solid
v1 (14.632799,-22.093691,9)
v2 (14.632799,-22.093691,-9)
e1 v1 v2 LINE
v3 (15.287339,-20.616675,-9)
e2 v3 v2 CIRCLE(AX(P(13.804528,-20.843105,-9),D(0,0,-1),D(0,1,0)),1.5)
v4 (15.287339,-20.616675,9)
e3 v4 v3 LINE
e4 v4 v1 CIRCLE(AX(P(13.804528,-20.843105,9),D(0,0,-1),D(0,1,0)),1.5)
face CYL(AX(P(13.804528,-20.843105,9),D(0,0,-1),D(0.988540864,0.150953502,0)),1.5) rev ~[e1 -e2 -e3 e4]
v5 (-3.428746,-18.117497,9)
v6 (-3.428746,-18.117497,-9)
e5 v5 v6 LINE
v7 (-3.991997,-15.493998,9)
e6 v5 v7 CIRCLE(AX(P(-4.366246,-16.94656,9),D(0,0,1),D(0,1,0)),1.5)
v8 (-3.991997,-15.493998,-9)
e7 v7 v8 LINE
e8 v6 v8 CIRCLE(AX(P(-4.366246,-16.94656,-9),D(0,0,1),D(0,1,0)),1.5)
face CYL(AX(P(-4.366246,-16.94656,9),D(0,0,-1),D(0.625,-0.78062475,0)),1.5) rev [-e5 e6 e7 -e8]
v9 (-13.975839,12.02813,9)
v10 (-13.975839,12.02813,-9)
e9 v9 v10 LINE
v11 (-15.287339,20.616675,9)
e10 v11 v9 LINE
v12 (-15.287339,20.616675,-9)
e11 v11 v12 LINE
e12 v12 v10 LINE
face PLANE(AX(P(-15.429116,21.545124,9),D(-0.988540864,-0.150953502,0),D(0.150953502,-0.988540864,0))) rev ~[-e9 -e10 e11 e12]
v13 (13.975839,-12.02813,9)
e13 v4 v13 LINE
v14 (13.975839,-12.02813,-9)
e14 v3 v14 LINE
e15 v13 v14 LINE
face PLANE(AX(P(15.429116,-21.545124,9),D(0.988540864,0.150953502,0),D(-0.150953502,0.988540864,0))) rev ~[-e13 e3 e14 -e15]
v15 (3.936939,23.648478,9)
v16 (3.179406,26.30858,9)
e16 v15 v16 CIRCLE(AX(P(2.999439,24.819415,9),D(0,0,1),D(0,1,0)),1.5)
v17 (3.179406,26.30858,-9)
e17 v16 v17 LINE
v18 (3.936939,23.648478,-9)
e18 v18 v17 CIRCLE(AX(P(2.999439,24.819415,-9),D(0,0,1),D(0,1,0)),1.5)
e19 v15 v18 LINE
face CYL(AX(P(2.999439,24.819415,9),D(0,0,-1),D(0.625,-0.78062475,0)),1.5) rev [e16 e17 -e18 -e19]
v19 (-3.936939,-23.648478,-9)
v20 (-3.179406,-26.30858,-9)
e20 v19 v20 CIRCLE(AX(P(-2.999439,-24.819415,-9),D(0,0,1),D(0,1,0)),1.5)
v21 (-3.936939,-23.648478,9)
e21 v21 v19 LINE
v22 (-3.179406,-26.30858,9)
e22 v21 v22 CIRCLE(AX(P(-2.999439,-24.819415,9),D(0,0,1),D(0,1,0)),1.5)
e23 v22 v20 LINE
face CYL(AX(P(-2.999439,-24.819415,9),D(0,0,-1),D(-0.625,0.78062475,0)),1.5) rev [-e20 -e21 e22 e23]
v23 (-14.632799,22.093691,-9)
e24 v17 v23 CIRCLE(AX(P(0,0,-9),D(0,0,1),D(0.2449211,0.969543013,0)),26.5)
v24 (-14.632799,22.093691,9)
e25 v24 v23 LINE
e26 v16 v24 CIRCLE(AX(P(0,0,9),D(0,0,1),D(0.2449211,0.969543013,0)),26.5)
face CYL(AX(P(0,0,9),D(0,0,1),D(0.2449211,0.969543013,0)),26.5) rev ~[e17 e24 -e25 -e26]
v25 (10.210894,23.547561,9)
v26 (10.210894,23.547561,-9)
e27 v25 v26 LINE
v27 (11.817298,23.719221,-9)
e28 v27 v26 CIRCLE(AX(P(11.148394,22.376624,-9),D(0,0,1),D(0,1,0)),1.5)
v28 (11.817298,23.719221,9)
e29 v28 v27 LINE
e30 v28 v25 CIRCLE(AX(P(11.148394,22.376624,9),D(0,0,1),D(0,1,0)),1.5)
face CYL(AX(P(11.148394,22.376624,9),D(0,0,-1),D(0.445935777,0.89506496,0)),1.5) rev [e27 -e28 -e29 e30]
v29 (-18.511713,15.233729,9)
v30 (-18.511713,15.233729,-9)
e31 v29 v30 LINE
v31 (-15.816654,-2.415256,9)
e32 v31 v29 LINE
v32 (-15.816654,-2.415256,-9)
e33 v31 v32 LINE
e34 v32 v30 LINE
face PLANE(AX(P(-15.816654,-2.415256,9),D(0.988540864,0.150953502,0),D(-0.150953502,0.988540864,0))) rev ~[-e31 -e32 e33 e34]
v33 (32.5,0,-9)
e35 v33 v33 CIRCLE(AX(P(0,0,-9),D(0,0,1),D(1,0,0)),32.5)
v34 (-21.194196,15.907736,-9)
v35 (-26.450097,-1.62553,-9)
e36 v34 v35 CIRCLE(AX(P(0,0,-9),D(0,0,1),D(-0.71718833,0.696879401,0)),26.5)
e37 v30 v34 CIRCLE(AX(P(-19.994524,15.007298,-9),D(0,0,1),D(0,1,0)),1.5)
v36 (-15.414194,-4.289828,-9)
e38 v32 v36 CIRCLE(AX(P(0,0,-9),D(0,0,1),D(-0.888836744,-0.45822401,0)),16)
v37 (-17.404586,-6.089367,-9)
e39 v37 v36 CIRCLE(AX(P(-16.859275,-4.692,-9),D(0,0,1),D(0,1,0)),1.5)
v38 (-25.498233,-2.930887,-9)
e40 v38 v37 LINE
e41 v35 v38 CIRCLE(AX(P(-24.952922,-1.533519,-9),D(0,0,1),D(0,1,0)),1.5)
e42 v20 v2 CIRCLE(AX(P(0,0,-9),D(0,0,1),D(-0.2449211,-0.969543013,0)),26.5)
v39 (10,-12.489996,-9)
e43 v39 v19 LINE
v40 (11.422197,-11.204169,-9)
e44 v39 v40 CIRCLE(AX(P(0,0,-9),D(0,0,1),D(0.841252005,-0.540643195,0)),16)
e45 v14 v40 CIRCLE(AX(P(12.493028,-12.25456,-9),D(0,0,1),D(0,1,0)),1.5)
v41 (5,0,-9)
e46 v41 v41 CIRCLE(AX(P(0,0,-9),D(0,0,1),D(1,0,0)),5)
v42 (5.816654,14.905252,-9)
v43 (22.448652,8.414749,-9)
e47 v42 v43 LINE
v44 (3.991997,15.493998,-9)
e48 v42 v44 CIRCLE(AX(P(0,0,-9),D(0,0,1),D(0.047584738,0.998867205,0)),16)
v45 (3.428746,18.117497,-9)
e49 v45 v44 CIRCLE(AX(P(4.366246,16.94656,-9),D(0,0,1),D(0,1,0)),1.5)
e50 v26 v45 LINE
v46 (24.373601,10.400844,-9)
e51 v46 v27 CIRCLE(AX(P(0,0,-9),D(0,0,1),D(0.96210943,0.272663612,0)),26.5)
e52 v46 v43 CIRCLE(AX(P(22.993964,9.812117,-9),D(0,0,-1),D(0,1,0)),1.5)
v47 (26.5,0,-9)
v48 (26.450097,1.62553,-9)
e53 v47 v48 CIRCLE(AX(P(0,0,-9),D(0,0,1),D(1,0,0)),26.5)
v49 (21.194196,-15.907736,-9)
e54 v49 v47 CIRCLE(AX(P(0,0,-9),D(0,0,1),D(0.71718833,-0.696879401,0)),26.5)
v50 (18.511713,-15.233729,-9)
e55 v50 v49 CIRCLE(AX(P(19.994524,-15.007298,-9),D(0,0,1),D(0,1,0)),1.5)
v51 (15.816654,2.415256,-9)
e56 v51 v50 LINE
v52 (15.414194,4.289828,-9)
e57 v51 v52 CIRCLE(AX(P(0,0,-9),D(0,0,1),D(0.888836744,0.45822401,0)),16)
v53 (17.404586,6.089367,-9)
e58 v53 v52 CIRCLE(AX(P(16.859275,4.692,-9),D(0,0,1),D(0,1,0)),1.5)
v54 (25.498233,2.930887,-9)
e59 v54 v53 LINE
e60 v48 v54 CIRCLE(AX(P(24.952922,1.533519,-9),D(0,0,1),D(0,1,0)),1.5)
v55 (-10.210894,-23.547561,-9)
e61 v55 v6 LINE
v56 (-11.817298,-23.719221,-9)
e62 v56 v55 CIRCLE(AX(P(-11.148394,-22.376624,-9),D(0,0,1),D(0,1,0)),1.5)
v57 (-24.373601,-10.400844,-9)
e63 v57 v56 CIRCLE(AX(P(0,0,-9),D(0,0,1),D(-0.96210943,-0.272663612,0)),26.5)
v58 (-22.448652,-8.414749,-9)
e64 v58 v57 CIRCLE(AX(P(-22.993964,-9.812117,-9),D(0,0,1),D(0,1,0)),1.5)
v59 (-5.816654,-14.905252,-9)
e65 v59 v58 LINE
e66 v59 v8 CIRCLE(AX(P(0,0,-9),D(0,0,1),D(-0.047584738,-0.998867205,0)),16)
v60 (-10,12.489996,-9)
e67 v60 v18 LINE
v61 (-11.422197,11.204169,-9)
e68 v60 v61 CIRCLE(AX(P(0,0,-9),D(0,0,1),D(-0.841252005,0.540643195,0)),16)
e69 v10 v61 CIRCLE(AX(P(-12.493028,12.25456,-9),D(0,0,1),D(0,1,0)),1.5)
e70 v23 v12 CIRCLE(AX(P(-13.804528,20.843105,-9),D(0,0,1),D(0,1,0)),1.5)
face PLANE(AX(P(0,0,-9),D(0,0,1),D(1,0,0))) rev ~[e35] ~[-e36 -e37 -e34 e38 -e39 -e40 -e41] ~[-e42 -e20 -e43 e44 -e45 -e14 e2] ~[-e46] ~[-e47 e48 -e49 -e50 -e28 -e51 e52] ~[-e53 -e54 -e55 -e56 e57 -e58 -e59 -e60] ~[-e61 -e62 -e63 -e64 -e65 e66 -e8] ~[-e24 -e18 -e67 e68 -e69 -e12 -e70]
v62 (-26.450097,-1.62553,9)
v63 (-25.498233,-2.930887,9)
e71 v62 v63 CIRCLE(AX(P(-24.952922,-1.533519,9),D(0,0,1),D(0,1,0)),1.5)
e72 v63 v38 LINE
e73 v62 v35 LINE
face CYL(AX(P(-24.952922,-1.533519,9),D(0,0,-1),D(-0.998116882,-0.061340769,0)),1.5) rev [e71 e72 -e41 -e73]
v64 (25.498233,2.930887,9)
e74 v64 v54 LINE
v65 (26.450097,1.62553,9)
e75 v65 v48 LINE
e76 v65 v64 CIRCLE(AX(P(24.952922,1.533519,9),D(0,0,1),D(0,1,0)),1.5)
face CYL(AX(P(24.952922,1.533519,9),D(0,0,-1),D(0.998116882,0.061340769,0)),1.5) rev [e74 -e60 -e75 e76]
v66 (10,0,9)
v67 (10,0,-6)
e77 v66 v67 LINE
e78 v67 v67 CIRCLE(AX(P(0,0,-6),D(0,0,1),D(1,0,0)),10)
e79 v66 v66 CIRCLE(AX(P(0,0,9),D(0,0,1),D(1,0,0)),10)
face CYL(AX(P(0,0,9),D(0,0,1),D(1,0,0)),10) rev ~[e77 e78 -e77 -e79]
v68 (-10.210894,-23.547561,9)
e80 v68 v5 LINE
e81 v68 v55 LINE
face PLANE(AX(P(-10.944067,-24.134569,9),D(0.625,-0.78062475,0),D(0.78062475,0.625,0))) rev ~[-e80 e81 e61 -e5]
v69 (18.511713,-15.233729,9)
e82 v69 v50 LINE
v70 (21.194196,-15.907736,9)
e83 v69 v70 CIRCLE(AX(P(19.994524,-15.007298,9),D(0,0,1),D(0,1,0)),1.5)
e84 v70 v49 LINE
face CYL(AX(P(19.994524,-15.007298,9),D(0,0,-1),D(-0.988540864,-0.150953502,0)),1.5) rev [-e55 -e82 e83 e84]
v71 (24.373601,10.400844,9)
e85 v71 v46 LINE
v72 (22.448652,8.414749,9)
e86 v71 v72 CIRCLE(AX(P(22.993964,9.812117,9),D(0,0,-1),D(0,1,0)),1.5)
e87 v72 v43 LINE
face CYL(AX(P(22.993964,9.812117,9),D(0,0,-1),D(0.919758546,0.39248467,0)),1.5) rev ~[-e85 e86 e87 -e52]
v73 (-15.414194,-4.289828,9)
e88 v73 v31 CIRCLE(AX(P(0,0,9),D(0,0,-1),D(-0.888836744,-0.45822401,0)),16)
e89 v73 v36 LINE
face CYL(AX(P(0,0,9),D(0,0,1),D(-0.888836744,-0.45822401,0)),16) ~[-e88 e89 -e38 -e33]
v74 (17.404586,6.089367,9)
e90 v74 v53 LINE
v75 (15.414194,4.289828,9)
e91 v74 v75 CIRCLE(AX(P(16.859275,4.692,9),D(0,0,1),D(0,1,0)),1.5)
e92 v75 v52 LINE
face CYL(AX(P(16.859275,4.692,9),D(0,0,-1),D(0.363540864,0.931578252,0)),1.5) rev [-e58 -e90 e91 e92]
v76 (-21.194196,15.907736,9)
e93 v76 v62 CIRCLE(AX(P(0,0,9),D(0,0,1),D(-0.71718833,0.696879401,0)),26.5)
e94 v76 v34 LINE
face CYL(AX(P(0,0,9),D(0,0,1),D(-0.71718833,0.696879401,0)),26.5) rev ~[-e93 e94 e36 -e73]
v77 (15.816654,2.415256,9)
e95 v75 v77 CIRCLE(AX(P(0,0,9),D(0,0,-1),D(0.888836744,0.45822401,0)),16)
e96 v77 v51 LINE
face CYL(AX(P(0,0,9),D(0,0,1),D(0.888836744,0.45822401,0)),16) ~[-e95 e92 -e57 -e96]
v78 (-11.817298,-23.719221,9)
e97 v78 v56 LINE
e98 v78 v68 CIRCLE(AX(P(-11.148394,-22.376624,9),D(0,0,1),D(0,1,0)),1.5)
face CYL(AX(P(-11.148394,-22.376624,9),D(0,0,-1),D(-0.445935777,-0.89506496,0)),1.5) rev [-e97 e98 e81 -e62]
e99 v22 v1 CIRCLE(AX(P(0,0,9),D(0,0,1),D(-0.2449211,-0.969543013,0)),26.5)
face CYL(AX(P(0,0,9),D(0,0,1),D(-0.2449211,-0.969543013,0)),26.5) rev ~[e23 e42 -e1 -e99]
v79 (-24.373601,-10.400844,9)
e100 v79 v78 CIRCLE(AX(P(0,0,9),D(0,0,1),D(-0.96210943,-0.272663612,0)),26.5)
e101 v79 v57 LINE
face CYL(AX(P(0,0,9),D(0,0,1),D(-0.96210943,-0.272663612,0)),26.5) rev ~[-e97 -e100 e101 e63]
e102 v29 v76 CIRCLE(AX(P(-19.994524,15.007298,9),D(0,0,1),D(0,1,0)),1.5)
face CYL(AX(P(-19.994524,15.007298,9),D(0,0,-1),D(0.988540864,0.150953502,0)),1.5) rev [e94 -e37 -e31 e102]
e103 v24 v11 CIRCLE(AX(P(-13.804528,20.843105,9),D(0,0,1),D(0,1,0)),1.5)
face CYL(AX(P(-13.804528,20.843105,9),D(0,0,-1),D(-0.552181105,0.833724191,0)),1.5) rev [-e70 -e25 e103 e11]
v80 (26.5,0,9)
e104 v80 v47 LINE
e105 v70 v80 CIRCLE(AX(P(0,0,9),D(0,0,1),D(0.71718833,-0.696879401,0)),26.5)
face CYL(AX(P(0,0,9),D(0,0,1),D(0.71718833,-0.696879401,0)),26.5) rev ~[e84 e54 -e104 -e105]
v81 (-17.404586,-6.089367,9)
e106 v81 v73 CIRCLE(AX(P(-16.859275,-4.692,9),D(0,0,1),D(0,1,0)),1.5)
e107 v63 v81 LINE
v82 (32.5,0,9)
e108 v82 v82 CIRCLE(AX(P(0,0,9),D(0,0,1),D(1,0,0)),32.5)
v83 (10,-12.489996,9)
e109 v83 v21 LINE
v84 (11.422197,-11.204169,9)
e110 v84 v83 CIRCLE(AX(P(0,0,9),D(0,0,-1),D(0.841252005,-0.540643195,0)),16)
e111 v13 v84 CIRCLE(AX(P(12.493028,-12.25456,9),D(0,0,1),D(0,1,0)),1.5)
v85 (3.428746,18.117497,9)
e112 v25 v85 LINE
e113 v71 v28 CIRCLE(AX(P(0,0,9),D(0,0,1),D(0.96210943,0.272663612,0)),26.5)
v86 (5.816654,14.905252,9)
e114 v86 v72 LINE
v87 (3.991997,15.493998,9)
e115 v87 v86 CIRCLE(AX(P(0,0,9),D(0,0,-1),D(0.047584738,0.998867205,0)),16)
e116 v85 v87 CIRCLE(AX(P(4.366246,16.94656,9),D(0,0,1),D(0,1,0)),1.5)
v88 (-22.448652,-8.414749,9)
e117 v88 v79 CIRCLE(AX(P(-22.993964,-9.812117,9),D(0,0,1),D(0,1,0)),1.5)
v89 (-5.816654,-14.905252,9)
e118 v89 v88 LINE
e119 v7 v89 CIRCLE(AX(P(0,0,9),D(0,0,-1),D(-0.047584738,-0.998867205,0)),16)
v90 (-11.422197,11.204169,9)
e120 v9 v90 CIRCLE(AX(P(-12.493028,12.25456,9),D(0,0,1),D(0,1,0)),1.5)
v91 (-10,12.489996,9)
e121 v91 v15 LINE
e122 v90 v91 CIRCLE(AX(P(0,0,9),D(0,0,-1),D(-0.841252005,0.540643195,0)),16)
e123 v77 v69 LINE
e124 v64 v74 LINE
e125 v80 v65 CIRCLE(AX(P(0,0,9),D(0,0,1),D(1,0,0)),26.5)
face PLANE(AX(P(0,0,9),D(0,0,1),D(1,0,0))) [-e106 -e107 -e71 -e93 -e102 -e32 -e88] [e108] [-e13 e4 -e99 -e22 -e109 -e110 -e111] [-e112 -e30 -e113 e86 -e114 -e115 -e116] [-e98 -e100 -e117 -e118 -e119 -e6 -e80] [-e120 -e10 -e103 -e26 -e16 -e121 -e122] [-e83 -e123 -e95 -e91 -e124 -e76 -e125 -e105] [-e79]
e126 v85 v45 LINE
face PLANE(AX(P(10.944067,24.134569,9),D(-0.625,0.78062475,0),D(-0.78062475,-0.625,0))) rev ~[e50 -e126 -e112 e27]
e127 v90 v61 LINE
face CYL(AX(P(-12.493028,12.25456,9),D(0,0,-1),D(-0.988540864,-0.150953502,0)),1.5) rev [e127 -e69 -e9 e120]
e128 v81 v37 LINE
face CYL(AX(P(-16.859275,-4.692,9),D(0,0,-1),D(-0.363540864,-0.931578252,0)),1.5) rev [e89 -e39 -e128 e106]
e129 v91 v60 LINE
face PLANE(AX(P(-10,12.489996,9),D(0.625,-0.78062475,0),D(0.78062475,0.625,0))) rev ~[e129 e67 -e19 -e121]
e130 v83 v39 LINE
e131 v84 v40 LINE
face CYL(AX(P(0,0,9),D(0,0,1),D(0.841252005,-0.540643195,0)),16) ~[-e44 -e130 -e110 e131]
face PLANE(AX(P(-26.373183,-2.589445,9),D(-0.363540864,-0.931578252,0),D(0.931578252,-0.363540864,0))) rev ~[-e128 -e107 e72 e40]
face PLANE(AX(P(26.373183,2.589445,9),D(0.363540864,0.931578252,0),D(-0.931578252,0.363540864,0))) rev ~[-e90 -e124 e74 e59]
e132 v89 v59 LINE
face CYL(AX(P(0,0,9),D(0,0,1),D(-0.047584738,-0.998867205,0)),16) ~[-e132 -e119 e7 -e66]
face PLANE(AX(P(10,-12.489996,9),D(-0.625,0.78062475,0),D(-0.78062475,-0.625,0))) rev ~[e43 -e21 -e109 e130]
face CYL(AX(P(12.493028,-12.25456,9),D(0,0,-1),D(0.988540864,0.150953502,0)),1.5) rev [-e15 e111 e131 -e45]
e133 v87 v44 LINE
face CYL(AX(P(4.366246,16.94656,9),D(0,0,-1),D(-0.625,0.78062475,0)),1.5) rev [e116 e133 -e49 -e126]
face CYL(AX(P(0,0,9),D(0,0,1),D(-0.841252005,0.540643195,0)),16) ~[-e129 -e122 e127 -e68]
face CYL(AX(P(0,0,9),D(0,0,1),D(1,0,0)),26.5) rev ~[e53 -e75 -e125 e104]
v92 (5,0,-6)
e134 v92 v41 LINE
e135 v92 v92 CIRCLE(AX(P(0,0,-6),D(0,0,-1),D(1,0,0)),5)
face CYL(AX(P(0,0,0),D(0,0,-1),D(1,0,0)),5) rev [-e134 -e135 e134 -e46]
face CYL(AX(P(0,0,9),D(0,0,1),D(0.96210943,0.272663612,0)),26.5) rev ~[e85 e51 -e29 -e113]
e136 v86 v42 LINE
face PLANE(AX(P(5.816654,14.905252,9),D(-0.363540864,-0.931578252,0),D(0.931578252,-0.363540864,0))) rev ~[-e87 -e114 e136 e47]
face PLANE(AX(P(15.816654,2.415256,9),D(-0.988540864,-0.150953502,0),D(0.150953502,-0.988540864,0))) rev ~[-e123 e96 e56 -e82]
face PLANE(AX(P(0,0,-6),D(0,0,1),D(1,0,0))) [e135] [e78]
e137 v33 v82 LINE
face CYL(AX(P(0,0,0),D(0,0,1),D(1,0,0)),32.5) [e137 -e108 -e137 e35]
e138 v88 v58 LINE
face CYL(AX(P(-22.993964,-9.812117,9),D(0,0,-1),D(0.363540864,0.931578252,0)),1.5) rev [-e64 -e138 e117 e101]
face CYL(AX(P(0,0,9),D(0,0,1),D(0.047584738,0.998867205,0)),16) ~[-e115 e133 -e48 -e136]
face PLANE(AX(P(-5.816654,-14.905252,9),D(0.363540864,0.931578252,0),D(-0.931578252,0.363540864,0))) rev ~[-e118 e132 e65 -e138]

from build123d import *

# Parameters (mm, degrees)
SKETCH_1_R          = 32.5
SKETCH_1_R_2        = 5
EXTRUDE_1_DEPTH     = 9
SKETCH_2_R          = 10
CUT_EXTRUDE_2_DEPTH = 15
CUT_EXTRUDE_3_DEPTH = 45
FILLET_1_R          = 1.5


with BuildPart() as part:
    # 草图1 → 凸台-拉伸1 (new, symmetric)
    with BuildSketch(Plane.XY):
        Circle(SKETCH_1_R)
        Circle(SKETCH_1_R_2, mode=Mode.SUBTRACT)
    extrude(amount=EXTRUDE_1_DEPTH, both=True)

    # 草图2 → 切除-拉伸2 (cut)
    with BuildSketch(Plane.XY.offset(9)):
        Circle(SKETCH_2_R)
    extrude(amount=-CUT_EXTRUDE_2_DEPTH, mode=Mode.SUBTRACT)

    # 草图3 → 切除-拉伸3 (cut)
    with BuildSketch(Plane.XY.offset(9)):
        with BuildLine():
            ThreePointArc((-13.460032078, 8.65029112), (-11.886088914, 10.710783834), (-10, 12.489995997))
            Line((-10, 12.489995997), (6.490409144, 25.692889856))
            ThreePointArc((6.490409144, 25.692889856), (-4.927079416, 26.037931723), (-15.429116278, 21.545124063))
            Line((-15.429116278, 21.545124063), (-13.460032078, 8.65029112))
        make_face()
        with BuildLine():
            ThreePointArc((25.495899884, 7.225585728), (20.085970626, 17.285941802), (10.944066627, 24.134568686))
            Line((10.944066627, 24.134568686), (0.761355821, 15.981875275))
            ThreePointArc((0.761355821, 15.981875275), (3.332766438, 15.649046868), (5.816653826, 14.905252036))
            Line((5.816653826, 14.905252036), (25.495899884, 7.225585728))
        make_face()
        with BuildLine():
            ThreePointArc((26.5, 0), (26.468276738, 1.296274087), (26.373182905, 2.589444623))
            Line((26.373182905, 2.589444623), (14.221387899, 7.331584155))
            ThreePointArc((14.221387899, 7.331584155), (15.218855351, 4.938263034), (15.816653826, 2.415256039))
            Line((15.816653826, 2.415256039), (19.005490739, -18.467304128))
            ThreePointArc((19.005490739, -18.467304128), (24.554994447, -9.965051315), (26.5, 0))
        make_face()
        with BuildLine():
            Line((15.429116278, -21.545124063), (13.460032078, -8.65029112))
            ThreePointArc((13.460032078, -8.65029112), (11.886088914, -10.710783834), (10, -12.489995997))
            Line((10, -12.489995997), (-6.490409144, -25.692889856))
            ThreePointArc((-6.490409144, -25.692889856), (4.927079416, -26.037931723), (15.429116278, -21.545124063))
        make_face()
        with BuildLine():
            Line((-5.816653826, -14.905252036), (-25.495899884, -7.225585728))
            ThreePointArc((-25.495899884, -7.225585728), (-20.085970626, -17.285941802), (-10.944066627, -24.134568686))
            Line((-10.944066627, -24.134568686), (-0.761355821, -15.981875275))
            ThreePointArc((-0.761355821, -15.981875275), (-3.332766438, -15.649046868), (-5.816653826, -14.905252036))
        make_face()
        with BuildLine():
            Line((-15.816653826, -2.415256039), (-19.005490739, 18.467304128))
            ThreePointArc((-19.005490739, 18.467304128), (-25.013050042, 8.751989921), (-26.373182905, -2.589444623))
            Line((-26.373182905, -2.589444623), (-14.221387899, -7.331584155))
            ThreePointArc((-14.221387899, -7.331584155), (-15.218855351, -4.938263034), (-15.816653826, -2.415256039))
        make_face()
    extrude(amount=-CUT_EXTRUDE_3_DEPTH, mode=Mode.SUBTRACT)

    # 圆角1
    fillet_1_edges = [part.edges().sort_by_distance(p)[0] for p in [
        (-6.490409144, -25.692889856, 0),
        (13.460032078, -8.65029112, 0),
        (15.429116278, -21.545124063, 0),
        (-25.495899884, -7.225585728, 0),
        (-0.761355821, -15.981875275, 0),
        (-10.944066627, -24.134568686, 0),
        (25.495899884, 7.225585728, 0),
        (0.761355821, 15.981875275, 0),
        (10.944066627, 24.134568686, 0),
        (19.005490739, -18.467304128, 0),
        (14.221387899, 7.331584155, 0),
        (26.373182905, 2.589444623, 0),
        (-19.005490739, 18.467304128, 0),
        (-14.221387899, -7.331584155, 0),
        (-26.373182905, -2.589444623, 0),
        (6.490409144, 25.692889856, 0),
        (-13.460032078, 8.65029112, 0),
        (-15.429116278, 21.545124063, 0),
    ]]
    fillet(fillet_1_edges, radius=FILLET_1_R)


solid = part.part
